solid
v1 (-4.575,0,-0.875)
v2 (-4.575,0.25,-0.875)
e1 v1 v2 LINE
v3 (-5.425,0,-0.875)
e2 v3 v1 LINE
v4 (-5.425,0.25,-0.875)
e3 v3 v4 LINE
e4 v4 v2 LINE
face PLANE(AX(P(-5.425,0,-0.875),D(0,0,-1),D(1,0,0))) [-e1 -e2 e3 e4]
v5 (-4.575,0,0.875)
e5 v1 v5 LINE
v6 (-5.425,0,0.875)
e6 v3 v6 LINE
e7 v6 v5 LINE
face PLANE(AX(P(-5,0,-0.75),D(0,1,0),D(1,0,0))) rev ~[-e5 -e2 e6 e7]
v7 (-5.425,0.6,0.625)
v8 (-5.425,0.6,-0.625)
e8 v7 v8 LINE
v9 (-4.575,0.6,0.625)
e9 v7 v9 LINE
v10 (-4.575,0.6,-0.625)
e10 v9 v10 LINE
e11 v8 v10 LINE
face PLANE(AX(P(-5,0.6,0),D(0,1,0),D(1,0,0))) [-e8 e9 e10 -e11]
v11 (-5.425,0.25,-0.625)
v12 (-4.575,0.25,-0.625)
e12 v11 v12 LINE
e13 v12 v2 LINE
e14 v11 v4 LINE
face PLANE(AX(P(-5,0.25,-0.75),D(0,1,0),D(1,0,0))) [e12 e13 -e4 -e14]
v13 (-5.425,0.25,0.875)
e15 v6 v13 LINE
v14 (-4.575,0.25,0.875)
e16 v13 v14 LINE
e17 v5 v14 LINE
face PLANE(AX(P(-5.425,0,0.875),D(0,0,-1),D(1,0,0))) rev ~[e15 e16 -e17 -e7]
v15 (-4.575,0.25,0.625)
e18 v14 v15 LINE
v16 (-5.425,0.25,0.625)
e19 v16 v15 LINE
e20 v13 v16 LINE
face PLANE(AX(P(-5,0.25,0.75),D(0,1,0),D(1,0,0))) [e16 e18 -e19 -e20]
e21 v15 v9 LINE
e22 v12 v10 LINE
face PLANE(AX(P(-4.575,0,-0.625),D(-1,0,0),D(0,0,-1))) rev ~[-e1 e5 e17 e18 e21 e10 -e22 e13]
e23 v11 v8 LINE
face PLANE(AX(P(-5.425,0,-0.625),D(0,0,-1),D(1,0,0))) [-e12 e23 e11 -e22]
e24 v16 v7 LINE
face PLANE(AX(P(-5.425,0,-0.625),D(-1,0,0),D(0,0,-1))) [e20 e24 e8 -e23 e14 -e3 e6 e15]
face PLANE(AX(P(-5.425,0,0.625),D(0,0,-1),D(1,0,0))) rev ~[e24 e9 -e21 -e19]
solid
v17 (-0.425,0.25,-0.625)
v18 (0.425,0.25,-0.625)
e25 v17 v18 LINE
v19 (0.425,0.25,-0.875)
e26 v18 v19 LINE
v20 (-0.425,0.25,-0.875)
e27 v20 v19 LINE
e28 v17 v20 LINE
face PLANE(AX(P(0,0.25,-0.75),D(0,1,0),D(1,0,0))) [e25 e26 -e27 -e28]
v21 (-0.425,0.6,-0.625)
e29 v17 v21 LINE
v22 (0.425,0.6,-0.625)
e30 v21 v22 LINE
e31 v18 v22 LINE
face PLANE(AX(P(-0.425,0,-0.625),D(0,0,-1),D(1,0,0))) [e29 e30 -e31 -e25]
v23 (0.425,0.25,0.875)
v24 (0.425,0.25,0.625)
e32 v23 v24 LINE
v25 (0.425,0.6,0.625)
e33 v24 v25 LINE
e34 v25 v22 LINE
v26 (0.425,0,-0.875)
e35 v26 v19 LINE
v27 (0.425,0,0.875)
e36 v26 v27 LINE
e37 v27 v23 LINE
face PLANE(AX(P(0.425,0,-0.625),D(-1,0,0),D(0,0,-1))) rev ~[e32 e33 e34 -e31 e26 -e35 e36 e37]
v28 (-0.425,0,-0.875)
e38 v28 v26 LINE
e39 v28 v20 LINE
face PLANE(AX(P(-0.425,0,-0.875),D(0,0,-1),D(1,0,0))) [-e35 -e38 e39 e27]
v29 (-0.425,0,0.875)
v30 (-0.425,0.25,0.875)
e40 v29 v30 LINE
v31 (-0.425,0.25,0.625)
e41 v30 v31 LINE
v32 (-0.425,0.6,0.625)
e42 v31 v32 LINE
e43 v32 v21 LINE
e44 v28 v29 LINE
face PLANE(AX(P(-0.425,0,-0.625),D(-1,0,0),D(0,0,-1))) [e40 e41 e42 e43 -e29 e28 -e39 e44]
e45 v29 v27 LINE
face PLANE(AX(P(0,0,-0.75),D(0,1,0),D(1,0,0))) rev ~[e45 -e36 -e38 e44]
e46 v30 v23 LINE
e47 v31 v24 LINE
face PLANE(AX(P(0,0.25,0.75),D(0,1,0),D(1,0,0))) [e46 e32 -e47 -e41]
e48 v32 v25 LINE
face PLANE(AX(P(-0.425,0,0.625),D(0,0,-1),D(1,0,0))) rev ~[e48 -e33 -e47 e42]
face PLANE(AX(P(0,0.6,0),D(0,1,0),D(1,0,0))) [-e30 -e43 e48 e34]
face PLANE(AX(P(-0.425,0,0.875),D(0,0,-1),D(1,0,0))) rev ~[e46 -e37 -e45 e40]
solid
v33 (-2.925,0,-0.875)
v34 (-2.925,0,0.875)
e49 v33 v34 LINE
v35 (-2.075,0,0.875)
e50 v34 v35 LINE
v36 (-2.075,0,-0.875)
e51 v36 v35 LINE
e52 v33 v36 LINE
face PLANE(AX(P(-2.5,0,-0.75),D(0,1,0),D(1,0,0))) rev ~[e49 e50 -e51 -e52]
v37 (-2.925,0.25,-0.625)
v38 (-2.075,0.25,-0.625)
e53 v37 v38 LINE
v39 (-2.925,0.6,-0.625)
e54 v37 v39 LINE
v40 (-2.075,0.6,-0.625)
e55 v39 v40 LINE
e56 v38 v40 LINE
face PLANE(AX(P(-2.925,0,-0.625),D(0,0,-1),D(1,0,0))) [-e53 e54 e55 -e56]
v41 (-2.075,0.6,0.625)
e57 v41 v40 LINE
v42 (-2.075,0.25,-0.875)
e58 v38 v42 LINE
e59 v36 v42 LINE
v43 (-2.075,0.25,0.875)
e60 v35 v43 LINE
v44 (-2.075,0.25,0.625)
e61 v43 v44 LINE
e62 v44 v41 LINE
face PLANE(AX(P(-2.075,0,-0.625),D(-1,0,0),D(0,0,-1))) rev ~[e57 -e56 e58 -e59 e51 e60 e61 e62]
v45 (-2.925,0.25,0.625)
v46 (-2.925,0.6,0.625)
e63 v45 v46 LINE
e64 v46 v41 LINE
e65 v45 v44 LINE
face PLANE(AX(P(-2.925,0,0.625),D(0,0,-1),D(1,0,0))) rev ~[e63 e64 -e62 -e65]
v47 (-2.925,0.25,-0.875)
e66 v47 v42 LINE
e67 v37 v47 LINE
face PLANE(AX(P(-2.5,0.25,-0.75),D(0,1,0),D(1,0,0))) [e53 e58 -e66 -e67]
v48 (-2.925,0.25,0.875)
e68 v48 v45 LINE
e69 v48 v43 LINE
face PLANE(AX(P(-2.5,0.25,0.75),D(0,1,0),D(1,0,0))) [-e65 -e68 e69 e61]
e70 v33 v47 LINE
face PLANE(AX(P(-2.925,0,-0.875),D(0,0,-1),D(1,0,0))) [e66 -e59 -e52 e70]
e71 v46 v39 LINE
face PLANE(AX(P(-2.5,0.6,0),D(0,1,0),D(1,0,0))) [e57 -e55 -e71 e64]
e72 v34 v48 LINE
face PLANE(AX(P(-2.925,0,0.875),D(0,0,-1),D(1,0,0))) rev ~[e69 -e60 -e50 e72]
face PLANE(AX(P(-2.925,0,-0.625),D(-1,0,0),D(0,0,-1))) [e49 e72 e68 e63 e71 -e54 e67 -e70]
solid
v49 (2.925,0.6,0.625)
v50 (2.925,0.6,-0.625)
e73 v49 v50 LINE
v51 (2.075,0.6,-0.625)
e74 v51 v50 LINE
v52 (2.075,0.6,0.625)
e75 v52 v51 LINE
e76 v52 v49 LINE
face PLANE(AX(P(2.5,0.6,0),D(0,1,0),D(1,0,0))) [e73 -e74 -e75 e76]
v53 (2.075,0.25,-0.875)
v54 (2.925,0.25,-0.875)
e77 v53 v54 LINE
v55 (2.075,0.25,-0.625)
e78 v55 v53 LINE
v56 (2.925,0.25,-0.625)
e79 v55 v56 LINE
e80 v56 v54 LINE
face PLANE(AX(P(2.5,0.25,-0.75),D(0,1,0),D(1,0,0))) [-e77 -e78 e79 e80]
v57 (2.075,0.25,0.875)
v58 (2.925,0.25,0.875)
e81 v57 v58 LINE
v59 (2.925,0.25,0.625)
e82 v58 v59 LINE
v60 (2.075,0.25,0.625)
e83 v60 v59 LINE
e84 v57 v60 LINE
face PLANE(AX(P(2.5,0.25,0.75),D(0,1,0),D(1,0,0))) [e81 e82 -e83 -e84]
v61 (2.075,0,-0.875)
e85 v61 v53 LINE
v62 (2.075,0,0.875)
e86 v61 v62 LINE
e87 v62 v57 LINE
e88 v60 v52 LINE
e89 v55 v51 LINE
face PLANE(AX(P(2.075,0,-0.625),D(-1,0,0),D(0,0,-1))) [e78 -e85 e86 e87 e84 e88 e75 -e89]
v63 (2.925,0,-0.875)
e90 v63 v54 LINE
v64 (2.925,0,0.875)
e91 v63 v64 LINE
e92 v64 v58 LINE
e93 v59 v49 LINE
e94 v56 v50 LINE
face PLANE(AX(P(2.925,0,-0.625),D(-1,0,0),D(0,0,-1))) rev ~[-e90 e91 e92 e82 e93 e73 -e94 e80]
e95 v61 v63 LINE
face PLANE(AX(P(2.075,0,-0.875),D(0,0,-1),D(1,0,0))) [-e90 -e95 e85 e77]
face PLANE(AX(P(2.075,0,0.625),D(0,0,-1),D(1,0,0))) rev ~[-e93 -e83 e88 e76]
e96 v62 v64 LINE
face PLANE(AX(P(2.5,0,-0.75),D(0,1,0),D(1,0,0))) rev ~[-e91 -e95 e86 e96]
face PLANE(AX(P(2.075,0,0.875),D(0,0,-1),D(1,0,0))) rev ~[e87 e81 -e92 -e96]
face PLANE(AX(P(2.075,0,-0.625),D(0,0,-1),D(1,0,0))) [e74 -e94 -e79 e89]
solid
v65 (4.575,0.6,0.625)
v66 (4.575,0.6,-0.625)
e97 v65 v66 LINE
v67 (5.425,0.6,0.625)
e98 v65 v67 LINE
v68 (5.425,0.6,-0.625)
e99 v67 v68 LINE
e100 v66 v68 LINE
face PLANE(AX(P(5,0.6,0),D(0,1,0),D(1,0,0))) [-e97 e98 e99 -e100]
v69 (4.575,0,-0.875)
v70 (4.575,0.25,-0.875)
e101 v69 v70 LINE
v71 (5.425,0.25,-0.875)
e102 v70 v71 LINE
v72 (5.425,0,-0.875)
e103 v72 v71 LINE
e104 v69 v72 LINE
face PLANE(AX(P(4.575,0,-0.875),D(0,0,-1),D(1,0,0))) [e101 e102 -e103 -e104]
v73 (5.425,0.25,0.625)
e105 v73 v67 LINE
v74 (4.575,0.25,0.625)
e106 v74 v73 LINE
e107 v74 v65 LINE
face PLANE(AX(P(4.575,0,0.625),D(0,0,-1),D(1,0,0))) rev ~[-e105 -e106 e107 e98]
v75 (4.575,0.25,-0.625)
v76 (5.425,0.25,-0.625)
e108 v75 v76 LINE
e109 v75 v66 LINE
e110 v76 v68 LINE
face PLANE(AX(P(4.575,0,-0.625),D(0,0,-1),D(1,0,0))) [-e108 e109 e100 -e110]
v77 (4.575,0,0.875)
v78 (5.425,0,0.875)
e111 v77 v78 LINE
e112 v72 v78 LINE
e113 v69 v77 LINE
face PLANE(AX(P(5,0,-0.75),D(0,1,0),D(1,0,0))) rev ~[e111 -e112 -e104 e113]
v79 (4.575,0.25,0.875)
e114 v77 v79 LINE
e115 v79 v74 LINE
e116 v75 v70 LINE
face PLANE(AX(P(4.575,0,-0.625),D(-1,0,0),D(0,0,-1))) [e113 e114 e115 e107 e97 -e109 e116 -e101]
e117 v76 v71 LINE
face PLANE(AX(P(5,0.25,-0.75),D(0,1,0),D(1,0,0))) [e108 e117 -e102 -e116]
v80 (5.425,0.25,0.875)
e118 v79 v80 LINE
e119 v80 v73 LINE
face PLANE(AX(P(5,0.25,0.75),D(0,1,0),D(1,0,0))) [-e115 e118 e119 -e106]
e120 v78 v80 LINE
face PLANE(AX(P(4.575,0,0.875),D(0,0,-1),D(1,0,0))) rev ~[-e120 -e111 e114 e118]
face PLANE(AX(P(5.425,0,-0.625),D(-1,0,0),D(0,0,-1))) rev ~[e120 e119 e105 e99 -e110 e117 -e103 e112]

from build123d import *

# Parameters (mm, degrees)
SKETCH1_W             = 0.85
SKETCH1_H             = 1.25
BOSS_EXTRUDE1_DEPTH   = 0.6
BOSS_EXTRUDE1_2_DEPTH = 0.6
BOSS_EXTRUDE1_3_DEPTH = 0.6
BOSS_EXTRUDE1_4_DEPTH = 0.6
BOSS_EXTRUDE1_5_DEPTH = 0.6
SKETCH2_W             = 0.85
SKETCH2_H             = 0.25
BOSS_EXTRUDE2_DEPTH   = 0.25


with BuildPart() as part:
    # Sketch1 → Boss-Extrude1 (new body)
    with BuildSketch(Plane(origin=(0, 0, 0), x_dir=(1, 0, 0), z_dir=(0, 1, 0))):
        with Locations((-5, 0)):
            Rectangle(SKETCH1_W, SKETCH1_H)
    extrude(amount=BOSS_EXTRUDE1_DEPTH)



with BuildPart() as body_2:
    # Sketch1 → Boss-Extrude1 2 (new body)
    with BuildSketch(Plane(origin=(0, 0, 0), x_dir=(1, 0, 0), z_dir=(0, 1, 0))):
        with Locations((5, 0)):
            Rectangle(SKETCH1_W, SKETCH1_H)
    extrude(amount=BOSS_EXTRUDE1_2_DEPTH)


with BuildPart() as body_3:
    # Sketch1 → Boss-Extrude1 3 (new body)
    with BuildSketch(Plane(origin=(0, 0, 0), x_dir=(1, 0, 0), z_dir=(0, 1, 0))):
        with Locations((-2.5, 0)):
            Rectangle(SKETCH1_W, SKETCH1_H)
    extrude(amount=BOSS_EXTRUDE1_3_DEPTH)


with BuildPart() as body_4:
    # Sketch1 → Boss-Extrude1 4 (new body)
    with BuildSketch(Plane(origin=(0, 0, 0), x_dir=(1, 0, 0), z_dir=(0, 1, 0))):
        Rectangle(SKETCH1_W, SKETCH1_H)
    extrude(amount=BOSS_EXTRUDE1_4_DEPTH)


with BuildPart() as body_5:
    # Sketch1 → Boss-Extrude1 5 (new body)
    with BuildSketch(Plane(origin=(0, 0, 0), x_dir=(1, 0, 0), z_dir=(0, 1, 0))):
        with Locations((2.5, 0)):
            Rectangle(SKETCH1_W, SKETCH1_H)
    extrude(amount=BOSS_EXTRUDE1_5_DEPTH)


with BuildPart() as part_1:
    add(part.part)

    add(body_2.part)  # Boss-Extrude2 merges body 2

    add(body_3.part)  # Boss-Extrude2 merges body 3

    add(body_4.part)  # Boss-Extrude2 merges body 4

    add(body_5.part)  # Boss-Extrude2 merges body 5
    # Sketch2 → Boss-Extrude2 (add)
    with BuildSketch(Plane(origin=(0, 0, 0), x_dir=(1, 0, 0), z_dir=(0, 1, 0))):
        with Locations((-5, 0.75)):
            Rectangle(SKETCH2_W, SKETCH2_H)
        with Locations((-2.5, 0.75)):
            Rectangle(SKETCH2_W, SKETCH2_H)
        with Locations((0, 0.75)):
            Rectangle(SKETCH2_W, SKETCH2_H)
        with Locations((2.5, 0.75)):
            Rectangle(SKETCH2_W, SKETCH2_H)
        with Locations((5, 0.75)):
            Rectangle(SKETCH2_W, SKETCH2_H)
        with Locations((5, -0.75)):
            Rectangle(SKETCH2_W, SKETCH2_H)
        with Locations((2.5, -0.75)):
            Rectangle(SKETCH2_W, SKETCH2_H)
        with Locations((0, -0.75)):
            Rectangle(SKETCH2_W, SKETCH2_H)
        with Locations((-2.5, -0.75)):
            Rectangle(SKETCH2_W, SKETCH2_H)
        with Locations((-5, -0.75)):
            Rectangle(SKETCH2_W, SKETCH2_H)
    extrude(amount=BOSS_EXTRUDE2_DEPTH)


solid = part_1.part
